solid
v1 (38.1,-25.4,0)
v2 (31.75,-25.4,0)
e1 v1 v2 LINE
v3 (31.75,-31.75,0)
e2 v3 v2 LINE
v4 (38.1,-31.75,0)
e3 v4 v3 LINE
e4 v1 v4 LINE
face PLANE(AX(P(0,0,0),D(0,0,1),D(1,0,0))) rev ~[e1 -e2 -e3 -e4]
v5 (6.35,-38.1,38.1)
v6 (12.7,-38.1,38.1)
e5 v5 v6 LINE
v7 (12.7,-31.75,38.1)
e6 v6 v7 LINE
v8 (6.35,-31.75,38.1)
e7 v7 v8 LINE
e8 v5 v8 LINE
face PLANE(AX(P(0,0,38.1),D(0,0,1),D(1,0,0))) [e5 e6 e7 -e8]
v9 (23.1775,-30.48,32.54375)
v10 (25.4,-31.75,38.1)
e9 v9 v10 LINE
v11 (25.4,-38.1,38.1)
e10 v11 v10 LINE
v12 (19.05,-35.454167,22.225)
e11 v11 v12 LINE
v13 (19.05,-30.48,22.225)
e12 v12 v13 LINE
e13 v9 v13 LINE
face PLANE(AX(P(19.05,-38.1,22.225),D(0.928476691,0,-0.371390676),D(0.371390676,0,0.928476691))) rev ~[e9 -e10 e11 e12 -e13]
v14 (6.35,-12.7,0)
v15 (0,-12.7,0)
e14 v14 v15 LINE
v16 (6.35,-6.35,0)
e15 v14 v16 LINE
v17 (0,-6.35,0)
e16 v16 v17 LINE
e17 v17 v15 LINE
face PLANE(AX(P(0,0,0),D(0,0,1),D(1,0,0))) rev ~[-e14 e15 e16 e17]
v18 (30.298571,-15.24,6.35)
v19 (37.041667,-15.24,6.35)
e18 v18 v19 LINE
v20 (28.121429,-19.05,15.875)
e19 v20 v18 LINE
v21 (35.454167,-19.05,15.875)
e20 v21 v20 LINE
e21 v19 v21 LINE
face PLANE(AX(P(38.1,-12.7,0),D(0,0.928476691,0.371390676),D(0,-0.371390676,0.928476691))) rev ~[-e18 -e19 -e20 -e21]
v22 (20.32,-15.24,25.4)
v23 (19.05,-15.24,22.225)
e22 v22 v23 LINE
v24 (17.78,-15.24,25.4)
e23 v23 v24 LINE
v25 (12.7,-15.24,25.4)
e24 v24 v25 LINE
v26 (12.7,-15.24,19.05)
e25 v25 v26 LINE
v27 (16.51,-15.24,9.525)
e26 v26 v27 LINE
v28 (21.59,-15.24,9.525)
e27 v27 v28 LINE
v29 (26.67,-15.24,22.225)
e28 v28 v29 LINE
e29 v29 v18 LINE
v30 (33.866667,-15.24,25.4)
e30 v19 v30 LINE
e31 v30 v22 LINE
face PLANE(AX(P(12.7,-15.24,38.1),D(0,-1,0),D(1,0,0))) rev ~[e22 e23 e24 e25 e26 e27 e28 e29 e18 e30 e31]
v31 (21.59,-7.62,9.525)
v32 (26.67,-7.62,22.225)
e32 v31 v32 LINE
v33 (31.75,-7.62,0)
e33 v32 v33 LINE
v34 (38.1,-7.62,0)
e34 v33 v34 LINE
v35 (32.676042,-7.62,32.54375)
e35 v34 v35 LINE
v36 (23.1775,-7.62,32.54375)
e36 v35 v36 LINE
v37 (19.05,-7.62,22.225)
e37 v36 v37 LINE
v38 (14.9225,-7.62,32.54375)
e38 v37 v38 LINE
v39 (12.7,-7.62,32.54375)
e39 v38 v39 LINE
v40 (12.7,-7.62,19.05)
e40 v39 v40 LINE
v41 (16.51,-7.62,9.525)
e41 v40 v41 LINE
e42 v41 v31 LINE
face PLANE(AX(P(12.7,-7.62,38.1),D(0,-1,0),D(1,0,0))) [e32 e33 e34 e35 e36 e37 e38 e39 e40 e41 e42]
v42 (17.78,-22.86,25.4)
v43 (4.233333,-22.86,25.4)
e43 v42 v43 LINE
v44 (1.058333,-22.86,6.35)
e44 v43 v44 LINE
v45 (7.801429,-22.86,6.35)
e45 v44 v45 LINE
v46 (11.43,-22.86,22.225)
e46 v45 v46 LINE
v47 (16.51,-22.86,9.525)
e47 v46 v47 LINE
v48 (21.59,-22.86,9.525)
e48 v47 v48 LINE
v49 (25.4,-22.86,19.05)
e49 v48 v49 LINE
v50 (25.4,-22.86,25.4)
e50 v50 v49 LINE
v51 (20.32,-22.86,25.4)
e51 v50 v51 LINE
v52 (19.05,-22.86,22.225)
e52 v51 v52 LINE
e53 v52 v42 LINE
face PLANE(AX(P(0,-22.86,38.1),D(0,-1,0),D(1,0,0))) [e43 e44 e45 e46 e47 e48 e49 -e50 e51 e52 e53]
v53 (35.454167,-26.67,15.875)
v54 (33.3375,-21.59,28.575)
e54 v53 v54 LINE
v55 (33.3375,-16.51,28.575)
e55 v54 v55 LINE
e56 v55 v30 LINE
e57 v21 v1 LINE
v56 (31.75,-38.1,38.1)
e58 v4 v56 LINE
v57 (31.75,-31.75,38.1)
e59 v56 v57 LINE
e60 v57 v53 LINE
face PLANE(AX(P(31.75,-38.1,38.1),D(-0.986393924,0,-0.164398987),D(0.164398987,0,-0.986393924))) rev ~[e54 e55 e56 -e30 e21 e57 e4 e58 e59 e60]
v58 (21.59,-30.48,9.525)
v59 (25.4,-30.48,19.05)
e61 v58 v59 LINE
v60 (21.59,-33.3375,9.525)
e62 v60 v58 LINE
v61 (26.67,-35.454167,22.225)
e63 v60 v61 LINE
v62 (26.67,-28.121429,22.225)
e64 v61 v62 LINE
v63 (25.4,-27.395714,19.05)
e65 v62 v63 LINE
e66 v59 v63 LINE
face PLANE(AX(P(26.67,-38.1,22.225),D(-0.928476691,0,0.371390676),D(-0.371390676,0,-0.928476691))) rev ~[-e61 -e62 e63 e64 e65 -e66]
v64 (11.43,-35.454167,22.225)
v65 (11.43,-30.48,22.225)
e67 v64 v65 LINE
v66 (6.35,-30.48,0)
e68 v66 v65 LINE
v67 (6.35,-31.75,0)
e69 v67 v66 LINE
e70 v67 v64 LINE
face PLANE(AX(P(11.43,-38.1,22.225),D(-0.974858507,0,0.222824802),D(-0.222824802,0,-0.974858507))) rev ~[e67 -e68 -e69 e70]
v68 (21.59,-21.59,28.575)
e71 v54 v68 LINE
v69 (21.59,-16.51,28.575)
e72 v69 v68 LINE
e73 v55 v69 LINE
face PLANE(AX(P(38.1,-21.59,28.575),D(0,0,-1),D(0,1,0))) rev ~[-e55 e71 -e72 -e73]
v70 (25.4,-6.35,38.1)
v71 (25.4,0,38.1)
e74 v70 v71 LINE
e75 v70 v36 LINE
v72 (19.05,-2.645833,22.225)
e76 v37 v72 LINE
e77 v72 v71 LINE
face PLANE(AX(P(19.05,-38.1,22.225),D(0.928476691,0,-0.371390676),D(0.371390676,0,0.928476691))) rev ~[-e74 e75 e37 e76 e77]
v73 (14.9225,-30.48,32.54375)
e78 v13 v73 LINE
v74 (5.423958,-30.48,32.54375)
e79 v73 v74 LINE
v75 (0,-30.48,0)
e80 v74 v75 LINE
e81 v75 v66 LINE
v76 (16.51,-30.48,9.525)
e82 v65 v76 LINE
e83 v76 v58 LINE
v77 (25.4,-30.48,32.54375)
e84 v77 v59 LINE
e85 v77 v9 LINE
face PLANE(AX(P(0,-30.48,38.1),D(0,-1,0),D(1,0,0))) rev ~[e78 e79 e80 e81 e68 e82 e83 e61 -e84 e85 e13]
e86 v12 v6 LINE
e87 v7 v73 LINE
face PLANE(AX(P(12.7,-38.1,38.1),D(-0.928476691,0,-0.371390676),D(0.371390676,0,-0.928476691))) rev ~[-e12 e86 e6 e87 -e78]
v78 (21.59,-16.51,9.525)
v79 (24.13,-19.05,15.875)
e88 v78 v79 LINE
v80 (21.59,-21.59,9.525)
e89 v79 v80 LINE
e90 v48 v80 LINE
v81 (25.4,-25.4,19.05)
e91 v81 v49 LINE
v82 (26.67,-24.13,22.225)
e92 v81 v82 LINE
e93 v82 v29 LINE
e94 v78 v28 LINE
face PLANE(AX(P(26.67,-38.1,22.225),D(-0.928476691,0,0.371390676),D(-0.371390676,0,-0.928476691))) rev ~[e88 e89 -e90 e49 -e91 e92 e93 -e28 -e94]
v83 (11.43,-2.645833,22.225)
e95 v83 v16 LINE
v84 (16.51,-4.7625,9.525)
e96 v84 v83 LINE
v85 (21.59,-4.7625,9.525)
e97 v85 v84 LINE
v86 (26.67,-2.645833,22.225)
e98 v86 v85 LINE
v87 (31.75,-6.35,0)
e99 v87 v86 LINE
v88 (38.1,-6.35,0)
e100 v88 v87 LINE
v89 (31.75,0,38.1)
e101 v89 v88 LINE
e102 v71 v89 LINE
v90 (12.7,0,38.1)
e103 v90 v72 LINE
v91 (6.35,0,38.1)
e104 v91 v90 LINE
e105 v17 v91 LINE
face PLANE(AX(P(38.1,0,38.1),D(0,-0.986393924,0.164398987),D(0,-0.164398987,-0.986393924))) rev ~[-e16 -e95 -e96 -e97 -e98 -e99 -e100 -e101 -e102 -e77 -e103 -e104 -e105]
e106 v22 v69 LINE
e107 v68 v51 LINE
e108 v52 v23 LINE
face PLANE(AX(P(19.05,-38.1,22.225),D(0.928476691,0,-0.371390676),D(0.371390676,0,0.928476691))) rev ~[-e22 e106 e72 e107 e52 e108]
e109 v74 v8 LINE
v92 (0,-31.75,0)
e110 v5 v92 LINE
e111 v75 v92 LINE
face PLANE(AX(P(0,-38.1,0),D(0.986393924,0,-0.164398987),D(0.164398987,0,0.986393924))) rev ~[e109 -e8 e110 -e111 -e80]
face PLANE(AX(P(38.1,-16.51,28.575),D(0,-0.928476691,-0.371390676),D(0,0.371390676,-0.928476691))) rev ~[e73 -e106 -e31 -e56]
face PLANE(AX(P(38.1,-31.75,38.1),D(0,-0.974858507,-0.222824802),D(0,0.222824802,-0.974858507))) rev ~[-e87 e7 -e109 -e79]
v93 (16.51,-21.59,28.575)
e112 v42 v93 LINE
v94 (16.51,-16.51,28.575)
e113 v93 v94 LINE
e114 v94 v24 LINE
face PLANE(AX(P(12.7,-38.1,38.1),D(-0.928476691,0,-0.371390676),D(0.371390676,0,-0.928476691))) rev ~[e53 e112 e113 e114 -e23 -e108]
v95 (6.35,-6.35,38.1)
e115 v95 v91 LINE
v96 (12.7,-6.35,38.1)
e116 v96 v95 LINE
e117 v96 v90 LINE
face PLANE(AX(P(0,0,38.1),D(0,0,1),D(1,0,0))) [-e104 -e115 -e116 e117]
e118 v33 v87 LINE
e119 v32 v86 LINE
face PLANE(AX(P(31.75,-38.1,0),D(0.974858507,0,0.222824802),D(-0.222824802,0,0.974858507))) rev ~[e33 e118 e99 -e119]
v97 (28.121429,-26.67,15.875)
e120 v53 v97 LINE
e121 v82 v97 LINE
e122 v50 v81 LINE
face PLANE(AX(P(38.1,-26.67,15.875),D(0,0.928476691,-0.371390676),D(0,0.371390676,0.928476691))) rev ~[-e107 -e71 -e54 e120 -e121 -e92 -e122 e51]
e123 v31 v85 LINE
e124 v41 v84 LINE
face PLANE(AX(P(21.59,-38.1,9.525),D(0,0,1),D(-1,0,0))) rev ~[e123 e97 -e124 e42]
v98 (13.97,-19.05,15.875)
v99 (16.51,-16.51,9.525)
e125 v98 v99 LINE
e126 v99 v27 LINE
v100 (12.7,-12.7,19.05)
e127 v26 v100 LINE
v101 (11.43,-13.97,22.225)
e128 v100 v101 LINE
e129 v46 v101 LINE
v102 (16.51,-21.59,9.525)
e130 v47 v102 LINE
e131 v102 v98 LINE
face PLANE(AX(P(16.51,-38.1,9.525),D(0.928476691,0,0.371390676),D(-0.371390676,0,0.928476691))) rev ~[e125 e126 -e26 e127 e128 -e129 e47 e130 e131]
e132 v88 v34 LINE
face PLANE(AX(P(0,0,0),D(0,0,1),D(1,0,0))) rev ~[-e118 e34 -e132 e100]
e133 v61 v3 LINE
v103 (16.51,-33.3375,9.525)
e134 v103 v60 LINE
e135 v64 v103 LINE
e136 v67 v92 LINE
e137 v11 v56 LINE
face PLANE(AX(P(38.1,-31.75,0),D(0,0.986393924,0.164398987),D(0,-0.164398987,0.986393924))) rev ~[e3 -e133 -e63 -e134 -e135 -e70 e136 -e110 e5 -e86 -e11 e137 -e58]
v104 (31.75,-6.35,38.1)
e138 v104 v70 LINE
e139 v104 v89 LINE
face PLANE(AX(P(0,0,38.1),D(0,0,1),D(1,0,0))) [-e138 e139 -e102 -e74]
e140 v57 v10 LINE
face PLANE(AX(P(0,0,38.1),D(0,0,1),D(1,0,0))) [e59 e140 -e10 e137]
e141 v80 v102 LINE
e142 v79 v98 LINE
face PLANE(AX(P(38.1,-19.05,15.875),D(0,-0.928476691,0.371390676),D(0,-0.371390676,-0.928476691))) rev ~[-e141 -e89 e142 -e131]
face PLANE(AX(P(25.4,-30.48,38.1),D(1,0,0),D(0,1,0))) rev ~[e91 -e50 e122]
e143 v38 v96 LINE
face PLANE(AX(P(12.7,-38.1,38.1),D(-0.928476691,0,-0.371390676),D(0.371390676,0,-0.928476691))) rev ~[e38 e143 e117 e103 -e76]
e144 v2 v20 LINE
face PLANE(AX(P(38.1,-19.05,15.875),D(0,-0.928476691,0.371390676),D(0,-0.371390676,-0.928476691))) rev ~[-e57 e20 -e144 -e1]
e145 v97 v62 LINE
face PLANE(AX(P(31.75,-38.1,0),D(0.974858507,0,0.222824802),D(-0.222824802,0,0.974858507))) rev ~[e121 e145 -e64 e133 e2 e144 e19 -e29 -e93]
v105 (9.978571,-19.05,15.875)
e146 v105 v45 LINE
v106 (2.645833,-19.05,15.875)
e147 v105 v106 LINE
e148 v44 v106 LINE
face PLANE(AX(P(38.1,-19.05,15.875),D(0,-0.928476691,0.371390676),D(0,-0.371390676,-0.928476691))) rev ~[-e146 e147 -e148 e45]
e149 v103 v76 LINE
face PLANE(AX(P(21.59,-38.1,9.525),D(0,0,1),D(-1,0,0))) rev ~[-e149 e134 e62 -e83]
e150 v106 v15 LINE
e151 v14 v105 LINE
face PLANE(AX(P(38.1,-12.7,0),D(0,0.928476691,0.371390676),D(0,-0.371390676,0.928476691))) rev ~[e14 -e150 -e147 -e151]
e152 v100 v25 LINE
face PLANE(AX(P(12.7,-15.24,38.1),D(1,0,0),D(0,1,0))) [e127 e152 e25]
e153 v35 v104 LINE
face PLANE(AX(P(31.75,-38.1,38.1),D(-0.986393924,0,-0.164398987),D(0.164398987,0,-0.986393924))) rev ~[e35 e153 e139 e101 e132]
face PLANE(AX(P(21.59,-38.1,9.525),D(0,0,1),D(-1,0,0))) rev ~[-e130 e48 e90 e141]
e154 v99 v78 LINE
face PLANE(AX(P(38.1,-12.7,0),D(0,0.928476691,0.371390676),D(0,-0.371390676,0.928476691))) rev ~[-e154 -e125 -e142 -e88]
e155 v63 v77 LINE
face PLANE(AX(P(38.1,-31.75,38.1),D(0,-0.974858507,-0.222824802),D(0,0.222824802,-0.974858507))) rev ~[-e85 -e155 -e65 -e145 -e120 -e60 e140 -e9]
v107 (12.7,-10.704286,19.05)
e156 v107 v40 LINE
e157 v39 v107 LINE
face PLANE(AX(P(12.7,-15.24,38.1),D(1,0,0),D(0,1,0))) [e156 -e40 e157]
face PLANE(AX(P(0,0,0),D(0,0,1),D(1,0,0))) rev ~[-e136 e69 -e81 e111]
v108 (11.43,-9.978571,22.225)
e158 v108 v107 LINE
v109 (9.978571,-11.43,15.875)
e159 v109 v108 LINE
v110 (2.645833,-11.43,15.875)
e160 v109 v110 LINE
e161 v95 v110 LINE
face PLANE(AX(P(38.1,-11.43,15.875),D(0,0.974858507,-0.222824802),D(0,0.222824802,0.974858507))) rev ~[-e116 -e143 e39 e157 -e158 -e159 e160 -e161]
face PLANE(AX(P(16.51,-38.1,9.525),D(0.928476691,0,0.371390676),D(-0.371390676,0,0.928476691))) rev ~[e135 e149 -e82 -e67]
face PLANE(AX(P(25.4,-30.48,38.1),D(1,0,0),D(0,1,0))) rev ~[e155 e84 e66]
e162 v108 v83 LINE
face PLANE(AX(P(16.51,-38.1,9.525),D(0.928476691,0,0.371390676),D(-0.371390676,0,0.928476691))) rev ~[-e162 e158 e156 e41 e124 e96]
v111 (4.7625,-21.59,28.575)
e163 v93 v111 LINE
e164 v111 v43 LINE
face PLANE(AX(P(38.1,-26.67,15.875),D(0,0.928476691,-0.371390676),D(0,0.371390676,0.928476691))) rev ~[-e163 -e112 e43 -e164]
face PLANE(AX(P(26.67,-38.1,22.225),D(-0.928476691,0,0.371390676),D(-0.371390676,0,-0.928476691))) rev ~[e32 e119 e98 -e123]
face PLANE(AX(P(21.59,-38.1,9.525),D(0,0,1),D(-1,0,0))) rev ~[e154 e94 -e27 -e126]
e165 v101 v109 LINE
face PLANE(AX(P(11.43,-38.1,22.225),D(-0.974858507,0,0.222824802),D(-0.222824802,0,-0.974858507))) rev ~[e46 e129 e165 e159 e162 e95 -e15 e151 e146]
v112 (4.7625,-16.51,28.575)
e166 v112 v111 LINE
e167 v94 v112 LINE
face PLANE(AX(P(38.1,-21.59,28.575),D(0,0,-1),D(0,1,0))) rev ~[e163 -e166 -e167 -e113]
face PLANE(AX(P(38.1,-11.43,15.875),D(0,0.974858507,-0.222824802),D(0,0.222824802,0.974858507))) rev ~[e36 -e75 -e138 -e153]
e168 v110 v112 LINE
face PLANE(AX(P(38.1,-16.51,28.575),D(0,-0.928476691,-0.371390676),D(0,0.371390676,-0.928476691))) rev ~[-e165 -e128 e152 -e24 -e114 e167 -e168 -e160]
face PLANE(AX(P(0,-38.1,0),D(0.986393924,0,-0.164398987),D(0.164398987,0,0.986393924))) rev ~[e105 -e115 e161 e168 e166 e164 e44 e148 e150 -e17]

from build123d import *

# Parameters (mm, degrees)
F0_W      = 38.1
F0_H      = 38.1
F1_DEPTH  = 38.1
F6_DEPTH  = 38.1
F8_DEPTH  = 38.1
F9_W      = 25.4
F9_H      = 7.62
F10_DEPTH = 38.1


with BuildPart() as f1:
    # F0 (on Front) → F1 (new body)
    with BuildSketch(Plane.XZ):
        with Locations((19.05, 19.05)):
            Rectangle(F0_W, F0_H)
    extrude(amount=F1_DEPTH)

    # F5 (on offset) → F6 (cut)
    with BuildSketch(Plane.YZ.offset(38.1)):
        Polygon((-31.75, 0), (-38.1, 38.1), (-38.1, 0), align=None)
        Polygon((-11.43, 15.875), (-6.35, 38.1), (-31.75, 38.1), (-26.67, 15.875), (-21.59, 28.575), (-16.51, 28.575), align=None)
        Polygon((-6.35, 0), (0, 0), (0, 38.1), align=None)
        Polygon((-25.4, 0), (-12.7, 0), (-19.05, 15.875), align=None)
    extrude(amount=-F6_DEPTH, mode=Mode.SUBTRACT)

    # F7 (on offset) → F8 (cut)
    with BuildSketch(Plane.XZ.offset(38.1)):
        Polygon((11.43, 22.225), (6.35, 0), (31.75, 0), (26.67, 22.225), (21.59, 9.525), (16.51, 9.525), align=None)
        Polygon((25.4, 38.1), (12.7, 38.1), (19.05, 22.225), align=None)
        Polygon((0, 38.1), (0, 0), (6.35, 38.1), align=None)
        Polygon((31.75, 38.1), (38.1, 0), (38.1, 38.1), align=None)
    extrude(amount=-F8_DEPTH, mode=Mode.SUBTRACT)

    # F9 (on offset) → F10 (cut)
    with BuildSketch(Plane.XY.offset(38.1)):
        with Locations((25.4, -11.43)):
            Rectangle(F9_W, F9_H)
        with Locations((12.7, -26.67)):
            Rectangle(F9_W, F9_H)
    extrude(amount=-F10_DEPTH, mode=Mode.SUBTRACT)


solid = f1.part
